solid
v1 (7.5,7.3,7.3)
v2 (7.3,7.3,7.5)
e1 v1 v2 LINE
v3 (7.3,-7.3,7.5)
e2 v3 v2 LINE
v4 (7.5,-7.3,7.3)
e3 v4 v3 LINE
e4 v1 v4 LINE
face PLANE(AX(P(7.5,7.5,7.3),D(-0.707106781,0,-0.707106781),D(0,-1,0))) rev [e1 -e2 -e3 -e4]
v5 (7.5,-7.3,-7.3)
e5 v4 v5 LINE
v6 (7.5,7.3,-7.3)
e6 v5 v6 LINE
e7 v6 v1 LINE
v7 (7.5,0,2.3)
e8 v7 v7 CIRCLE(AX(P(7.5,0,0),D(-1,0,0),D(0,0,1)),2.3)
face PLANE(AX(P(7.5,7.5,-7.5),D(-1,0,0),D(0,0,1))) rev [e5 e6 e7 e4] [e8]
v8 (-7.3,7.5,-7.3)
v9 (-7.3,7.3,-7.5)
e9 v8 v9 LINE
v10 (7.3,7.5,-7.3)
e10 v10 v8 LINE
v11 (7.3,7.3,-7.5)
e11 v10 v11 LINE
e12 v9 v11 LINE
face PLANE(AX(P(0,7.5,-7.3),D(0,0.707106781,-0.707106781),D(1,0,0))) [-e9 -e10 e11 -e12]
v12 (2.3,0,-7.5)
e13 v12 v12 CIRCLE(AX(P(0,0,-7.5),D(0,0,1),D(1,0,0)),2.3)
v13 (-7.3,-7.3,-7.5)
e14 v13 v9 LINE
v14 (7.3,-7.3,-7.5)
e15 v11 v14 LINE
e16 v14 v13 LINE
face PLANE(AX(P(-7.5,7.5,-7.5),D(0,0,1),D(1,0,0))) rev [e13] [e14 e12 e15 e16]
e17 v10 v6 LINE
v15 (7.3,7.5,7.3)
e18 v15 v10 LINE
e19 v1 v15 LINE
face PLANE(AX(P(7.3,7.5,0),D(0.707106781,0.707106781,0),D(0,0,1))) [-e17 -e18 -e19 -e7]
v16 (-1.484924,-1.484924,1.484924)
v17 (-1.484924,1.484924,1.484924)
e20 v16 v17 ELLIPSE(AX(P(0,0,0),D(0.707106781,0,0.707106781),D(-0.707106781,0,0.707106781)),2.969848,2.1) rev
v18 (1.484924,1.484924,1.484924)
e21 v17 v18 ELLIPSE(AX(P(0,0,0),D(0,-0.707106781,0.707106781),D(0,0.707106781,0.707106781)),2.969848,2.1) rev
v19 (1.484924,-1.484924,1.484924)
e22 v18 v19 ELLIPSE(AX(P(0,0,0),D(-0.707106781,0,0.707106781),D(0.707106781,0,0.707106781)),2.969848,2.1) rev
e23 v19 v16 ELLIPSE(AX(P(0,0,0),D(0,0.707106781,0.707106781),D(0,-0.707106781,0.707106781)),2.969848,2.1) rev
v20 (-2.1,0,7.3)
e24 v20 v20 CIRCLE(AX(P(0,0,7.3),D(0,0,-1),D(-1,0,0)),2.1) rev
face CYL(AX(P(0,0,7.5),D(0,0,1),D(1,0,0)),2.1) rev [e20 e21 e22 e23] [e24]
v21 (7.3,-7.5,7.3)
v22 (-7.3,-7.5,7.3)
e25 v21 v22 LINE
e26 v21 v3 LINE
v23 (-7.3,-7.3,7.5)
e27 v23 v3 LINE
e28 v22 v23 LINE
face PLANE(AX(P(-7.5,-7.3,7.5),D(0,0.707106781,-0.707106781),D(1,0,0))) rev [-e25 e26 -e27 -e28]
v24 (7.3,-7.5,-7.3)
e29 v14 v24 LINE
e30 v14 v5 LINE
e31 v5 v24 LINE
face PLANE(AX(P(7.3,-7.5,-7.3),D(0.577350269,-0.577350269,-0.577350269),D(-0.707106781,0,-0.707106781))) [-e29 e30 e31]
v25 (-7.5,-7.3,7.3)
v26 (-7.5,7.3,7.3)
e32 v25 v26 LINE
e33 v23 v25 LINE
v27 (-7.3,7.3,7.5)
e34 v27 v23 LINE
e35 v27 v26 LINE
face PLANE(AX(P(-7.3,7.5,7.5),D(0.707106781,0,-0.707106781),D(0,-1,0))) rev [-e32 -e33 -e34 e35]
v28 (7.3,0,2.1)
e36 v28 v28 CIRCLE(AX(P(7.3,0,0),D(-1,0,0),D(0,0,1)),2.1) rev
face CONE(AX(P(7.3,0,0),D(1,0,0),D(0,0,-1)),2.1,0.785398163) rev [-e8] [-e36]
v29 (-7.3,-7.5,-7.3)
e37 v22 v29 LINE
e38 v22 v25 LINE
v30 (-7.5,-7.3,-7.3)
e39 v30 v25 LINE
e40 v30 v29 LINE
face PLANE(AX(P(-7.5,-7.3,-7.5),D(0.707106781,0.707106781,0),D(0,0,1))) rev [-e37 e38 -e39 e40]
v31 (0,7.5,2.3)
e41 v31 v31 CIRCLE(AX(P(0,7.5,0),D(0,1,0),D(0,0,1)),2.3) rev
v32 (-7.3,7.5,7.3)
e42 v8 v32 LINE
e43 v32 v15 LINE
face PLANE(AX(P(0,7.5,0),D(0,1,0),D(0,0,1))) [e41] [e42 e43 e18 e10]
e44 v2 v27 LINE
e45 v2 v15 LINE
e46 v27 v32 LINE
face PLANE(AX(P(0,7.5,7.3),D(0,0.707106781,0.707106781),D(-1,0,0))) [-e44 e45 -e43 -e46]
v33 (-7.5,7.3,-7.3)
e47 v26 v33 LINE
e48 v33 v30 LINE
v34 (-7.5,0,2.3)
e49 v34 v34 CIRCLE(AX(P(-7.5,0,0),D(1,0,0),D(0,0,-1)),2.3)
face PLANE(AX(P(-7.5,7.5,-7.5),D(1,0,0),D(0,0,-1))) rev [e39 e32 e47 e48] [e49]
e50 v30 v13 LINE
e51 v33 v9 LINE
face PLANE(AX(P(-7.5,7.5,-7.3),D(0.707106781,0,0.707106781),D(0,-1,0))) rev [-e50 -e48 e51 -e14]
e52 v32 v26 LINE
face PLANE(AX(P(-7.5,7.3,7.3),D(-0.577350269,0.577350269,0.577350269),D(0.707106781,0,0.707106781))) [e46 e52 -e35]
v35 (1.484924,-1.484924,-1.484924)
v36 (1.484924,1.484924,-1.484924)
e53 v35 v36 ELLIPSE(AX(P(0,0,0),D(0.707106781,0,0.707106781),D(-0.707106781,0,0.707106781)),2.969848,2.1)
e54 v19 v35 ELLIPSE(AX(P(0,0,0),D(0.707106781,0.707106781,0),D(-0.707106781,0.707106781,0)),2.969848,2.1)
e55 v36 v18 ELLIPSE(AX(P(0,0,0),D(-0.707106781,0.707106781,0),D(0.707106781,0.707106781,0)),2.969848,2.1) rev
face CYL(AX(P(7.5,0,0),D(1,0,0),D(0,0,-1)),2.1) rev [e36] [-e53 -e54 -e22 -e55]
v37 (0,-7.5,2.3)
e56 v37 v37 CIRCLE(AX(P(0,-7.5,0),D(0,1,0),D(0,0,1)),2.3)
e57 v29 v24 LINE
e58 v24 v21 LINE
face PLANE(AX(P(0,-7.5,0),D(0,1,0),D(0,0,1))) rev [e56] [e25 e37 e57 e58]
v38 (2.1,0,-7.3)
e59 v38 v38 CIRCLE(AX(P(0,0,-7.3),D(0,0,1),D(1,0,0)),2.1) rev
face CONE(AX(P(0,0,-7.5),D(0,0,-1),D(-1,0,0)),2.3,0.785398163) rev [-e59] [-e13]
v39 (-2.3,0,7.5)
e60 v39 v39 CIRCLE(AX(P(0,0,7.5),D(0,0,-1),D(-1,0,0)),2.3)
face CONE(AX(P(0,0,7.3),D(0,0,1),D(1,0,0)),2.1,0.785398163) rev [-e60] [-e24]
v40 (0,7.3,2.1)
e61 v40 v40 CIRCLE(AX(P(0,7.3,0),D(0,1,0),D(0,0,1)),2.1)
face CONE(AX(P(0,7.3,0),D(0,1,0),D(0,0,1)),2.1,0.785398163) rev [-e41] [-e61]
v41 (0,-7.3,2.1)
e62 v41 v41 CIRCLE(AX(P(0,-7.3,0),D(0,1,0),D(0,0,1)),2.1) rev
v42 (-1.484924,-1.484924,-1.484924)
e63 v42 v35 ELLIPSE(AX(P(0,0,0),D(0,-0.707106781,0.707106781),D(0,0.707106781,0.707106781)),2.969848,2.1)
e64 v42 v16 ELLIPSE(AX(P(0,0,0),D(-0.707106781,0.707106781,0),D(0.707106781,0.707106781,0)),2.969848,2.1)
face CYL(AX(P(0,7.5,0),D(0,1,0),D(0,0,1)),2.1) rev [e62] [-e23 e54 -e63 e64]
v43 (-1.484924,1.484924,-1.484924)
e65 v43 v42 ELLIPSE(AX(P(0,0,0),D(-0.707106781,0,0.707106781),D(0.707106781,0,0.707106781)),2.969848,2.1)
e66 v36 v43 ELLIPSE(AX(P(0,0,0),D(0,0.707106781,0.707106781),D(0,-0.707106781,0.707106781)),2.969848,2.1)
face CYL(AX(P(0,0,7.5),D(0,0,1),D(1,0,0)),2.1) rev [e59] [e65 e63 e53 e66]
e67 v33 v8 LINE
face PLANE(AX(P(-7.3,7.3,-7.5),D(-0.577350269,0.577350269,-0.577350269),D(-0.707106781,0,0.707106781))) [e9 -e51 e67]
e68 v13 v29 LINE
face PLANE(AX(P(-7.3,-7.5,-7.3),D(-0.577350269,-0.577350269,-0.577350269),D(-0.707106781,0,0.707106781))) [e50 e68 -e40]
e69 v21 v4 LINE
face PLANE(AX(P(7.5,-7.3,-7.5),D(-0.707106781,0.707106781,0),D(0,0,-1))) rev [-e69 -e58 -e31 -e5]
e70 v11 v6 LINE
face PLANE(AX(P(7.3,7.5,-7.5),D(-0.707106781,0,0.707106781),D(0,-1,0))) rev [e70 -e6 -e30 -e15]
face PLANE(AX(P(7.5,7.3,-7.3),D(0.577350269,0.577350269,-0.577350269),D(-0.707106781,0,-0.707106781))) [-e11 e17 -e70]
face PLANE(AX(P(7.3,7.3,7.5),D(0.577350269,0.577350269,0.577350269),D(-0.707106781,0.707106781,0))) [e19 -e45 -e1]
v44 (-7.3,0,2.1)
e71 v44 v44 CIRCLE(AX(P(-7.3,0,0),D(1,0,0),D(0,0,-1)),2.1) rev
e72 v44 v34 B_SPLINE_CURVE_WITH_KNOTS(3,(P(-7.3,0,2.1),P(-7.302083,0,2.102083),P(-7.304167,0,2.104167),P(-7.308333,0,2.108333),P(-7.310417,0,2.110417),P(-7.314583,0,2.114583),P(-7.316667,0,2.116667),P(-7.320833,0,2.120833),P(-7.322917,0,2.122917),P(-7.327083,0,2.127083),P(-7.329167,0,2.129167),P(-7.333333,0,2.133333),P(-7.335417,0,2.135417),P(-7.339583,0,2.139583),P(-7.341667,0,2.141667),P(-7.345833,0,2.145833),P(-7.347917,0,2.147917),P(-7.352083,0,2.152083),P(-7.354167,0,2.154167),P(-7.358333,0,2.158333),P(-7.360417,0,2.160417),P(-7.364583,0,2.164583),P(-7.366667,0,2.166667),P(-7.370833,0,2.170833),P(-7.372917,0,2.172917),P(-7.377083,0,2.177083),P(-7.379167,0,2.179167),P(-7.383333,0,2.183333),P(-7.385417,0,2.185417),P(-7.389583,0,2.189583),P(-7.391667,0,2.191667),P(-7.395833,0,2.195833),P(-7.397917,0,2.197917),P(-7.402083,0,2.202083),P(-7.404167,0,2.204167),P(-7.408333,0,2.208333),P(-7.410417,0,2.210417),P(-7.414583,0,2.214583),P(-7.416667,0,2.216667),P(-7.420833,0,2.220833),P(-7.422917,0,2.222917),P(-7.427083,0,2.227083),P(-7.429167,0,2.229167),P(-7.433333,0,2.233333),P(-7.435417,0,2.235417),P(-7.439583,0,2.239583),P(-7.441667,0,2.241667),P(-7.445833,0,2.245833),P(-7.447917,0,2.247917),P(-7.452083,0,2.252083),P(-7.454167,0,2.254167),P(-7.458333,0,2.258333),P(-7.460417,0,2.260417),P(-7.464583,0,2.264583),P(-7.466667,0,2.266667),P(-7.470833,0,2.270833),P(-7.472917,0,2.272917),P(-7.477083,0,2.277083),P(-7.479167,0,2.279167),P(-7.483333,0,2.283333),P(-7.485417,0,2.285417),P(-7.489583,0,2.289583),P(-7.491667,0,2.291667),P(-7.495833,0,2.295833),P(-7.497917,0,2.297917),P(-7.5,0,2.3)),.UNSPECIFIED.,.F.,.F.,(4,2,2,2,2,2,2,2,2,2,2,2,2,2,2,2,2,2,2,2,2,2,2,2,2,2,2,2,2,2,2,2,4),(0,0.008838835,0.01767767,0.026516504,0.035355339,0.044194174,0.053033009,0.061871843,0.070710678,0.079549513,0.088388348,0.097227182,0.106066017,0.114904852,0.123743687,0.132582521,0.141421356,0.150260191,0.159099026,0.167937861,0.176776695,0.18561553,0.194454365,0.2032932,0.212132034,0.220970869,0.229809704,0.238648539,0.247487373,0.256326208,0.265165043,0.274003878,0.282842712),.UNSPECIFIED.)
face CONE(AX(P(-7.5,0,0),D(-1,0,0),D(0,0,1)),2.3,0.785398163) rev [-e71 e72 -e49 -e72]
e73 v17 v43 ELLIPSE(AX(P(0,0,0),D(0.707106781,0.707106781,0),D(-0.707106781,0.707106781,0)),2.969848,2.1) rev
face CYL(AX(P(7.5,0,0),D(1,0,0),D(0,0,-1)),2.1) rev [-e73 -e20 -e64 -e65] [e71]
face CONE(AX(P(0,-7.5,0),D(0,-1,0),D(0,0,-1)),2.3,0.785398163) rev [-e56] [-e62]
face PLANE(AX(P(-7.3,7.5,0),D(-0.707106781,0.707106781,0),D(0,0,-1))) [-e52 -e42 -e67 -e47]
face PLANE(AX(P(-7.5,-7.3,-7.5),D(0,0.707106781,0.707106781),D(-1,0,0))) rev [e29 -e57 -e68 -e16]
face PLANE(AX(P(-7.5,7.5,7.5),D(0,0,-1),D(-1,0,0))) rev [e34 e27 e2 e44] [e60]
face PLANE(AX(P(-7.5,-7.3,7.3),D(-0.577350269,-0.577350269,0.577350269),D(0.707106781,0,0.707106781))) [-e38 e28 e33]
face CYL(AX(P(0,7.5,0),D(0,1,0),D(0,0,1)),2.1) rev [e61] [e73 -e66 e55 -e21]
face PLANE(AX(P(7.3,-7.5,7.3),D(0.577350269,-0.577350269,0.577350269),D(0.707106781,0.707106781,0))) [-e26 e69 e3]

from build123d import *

# Parameters (mm, degrees)
SKETCH_1_W         = 15
SKETCH_1_H         = 15
EXTRUDE_1_DEPTH    = 7.5
HOLE_WIZARD_M5_1_D = 4.2
HOLE_WIZARD_M5_2_D = 4.2
HOLE_WIZARD_M5_3_D = 4.2
CHAMFER_1_SIZE     = 0.2


with BuildPart() as part:
    # 草图1 → 凸台-拉伸1 (new, symmetric)
    with BuildSketch(Plane(origin=(0, 0, 0), x_dir=(1, 0, 0), z_dir=(0, 1, 0))):
        Rectangle(SKETCH_1_W, SKETCH_1_H)
    extrude(amount=EXTRUDE_1_DEPTH, both=True)

    # M5 螺纹孔1 (through all)
    with Locations(Plane.XY.offset(7.5)):
        with Locations((0, 0)):
            Hole(HOLE_WIZARD_M5_1_D / 2)

    # M5 螺纹孔2 (through all)
    with Locations(Plane(origin=(0, 7.5, 0), x_dir=(1, 0, 0), z_dir=(0, 1, 0))):
        with Locations((0, 0)):
            Hole(HOLE_WIZARD_M5_2_D / 2)

    # M5 螺纹孔3 (through all)
    with Locations(Plane(origin=(7.5, 0, 0), x_dir=(0, 0, -1), z_dir=(1, 0, 0))):
        with Locations((0, 0)):
            Hole(HOLE_WIZARD_M5_3_D / 2)

    # 倒角1
    chamfer_1_edges = [part.edges().sort_by_distance(p)[0] for p in [
        (-7.5, 7.5, 0),
        (2.1, 0, 7.5),
        (2.1, 0, -7.5),
        (0, 7.5, 7.5),
        (2.1, -7.5, 0),
        (2.1, 7.5, 0),
        (-7.5, 0, -2.1),
        (7.5, 0, -2.1),
        (7.5, 7.5, 0),
        (0, -7.5, 7.5),
        (-7.5, -7.5, 0),
        (0, -7.5, -7.5),
        (7.5, -7.5, 0),
        (7.5, 0, 7.5),
        (-7.5, 0, 7.5),
        (-7.5, 0, -7.5),
        (7.5, 0, -7.5),
        (0, 7.5, -7.5),
    ]]
    chamfer(chamfer_1_edges, length=CHAMFER_1_SIZE)


solid = part.part
